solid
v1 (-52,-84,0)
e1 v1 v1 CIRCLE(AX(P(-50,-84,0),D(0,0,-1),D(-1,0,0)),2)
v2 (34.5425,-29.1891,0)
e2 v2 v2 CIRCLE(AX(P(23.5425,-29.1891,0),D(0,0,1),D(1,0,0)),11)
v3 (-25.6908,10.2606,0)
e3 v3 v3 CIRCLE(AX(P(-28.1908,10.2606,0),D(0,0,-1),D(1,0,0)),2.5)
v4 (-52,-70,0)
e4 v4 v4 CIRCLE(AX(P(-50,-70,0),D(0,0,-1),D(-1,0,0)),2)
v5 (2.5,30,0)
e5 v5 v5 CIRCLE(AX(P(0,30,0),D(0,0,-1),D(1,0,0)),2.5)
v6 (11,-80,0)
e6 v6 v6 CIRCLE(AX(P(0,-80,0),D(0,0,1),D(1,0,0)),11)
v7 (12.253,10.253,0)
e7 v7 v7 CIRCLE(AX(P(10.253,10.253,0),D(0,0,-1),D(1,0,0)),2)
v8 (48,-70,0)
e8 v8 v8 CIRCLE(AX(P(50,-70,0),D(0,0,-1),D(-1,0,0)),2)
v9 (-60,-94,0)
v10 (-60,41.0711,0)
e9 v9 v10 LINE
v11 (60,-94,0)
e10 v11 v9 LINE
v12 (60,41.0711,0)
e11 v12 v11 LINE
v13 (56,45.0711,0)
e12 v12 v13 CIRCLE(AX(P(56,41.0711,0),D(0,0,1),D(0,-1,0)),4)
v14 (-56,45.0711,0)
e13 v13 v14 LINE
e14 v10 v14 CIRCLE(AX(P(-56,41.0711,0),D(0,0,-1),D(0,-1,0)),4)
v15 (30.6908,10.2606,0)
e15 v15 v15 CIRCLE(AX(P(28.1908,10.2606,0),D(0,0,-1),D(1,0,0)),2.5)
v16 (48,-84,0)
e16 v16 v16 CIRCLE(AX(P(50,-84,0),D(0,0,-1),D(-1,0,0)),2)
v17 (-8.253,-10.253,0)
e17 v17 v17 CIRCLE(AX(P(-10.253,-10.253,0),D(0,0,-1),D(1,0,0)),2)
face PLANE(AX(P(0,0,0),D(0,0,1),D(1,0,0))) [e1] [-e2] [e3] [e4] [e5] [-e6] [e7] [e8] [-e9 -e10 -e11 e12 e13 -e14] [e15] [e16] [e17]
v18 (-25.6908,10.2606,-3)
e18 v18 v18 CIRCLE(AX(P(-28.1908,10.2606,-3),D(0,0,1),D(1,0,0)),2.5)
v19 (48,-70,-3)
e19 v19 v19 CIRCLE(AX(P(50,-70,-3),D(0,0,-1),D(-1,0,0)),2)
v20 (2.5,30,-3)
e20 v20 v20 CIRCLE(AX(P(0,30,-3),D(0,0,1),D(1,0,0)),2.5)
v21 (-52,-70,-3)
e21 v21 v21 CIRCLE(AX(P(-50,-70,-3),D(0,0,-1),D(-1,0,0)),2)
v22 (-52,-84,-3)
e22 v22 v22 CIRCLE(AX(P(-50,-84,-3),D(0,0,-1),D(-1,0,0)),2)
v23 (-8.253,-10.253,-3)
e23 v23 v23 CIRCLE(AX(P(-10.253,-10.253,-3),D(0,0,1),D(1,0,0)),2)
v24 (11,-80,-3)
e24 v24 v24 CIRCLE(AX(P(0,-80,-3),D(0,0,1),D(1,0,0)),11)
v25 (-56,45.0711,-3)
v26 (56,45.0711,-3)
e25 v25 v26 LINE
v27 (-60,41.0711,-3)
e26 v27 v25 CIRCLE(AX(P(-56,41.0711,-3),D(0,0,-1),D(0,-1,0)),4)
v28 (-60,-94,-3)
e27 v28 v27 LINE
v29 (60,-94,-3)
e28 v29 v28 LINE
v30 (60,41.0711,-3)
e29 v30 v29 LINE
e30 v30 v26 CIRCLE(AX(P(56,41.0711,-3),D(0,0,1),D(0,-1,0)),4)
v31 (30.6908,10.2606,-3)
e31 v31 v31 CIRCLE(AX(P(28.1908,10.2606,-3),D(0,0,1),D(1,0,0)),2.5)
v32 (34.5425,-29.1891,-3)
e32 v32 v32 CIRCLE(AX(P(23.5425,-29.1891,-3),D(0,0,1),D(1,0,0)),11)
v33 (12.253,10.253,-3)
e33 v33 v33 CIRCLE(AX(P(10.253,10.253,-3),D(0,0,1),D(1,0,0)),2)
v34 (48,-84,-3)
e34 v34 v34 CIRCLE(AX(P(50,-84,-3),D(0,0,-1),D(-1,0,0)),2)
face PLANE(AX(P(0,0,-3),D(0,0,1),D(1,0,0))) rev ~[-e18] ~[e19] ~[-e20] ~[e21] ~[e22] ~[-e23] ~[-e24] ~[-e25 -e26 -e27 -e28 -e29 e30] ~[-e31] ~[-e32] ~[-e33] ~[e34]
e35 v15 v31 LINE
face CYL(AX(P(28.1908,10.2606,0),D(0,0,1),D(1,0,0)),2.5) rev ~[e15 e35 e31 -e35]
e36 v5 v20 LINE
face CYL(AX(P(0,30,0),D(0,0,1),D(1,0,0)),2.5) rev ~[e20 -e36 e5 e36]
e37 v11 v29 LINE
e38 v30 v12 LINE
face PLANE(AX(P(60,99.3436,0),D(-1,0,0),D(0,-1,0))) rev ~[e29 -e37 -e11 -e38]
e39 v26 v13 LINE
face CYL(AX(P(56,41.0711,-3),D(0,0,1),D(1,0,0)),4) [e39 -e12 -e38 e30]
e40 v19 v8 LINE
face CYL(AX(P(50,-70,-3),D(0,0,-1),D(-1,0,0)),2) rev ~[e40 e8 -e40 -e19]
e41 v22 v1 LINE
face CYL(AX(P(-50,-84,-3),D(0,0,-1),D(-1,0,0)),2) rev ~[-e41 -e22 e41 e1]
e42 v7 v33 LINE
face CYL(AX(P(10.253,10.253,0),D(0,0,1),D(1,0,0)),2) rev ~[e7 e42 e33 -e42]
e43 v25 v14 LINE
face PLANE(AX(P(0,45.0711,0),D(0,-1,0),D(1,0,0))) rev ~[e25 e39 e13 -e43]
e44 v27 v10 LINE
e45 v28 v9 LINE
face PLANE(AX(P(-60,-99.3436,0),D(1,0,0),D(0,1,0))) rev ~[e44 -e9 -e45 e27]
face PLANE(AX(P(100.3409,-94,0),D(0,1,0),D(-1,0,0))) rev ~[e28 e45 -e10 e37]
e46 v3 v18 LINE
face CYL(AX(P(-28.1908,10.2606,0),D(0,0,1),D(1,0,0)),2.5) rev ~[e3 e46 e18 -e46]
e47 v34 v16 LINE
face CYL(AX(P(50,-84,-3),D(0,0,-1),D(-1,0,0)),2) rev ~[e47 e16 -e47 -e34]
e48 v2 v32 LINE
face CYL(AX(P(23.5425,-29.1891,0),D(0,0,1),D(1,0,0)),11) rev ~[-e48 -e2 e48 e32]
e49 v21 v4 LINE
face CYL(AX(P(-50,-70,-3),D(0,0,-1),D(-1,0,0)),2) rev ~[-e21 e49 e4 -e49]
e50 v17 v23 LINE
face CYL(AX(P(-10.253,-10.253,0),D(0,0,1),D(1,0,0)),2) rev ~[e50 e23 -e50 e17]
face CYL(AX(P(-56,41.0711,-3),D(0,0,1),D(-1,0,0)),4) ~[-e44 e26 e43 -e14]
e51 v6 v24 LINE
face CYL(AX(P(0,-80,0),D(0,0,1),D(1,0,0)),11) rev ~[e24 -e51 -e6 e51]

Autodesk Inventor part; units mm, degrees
ref_plane "YZ Plane" through (0, 0, 0) normal (1, 0, 0) x (0, 1, 0)
ref_plane "XZ Plane" through (0, 0, 0) normal (0, 1, 0) x (-1, 0, 0)
ref_plane "XY Plane" through (0, 0, 0) normal (0, 0, 1) x (1, 0, 0)
sketch "スケッチ1" plane through (0, 0, 0) normal (0, 0, 1) x (1, 0, 0)
  circle A0 centre (0, 0) radius 7.5
  circle A1 centre (0, 0) radius 30
  circle A2 centre (0, 0) radius 37.5
  circle A3 centre (23.5425, -29.1891) radius 30
  circle A4 centre (23.5425, -29.1891) radius 4
  circle A5 centre (23.5425, -29.1891) radius 16
  circle A6 centre (23.5425, -29.1891) radius 56
  circle A7 centre (0, -80) radius 40
  circle A8 centre (0, -80) radius 50
  circle A9 centre (0, -80) radius 4
  dimension "d57" = 75
  dimension "d64" = 112
  dimension "d41" = 15
  dimension "d58" = 8
  dimension "d63" = 32
  dimension "d65" = 100
  dimension "d66" = 8
sketch "スケッチ2" plane through (0, 0, 0) normal (0, 0, 1) x (1, 0, 0)
  line L0 (0, 0) -> (24.502, 0) construction
  line L1 (0, 0) -> (12.5, 0) construction
  line L2 (0, 0) -> (10.253, 10.253)
  line L3 (0, 0) -> (14.5, 0) construction
  line L4 (10.253, 10.253) -> (-10.253, -10.253)
  circle A0 centre (10.253, 10.253) radius 2
  circle A1 centre (-10.253, -10.253) radius 2
  circle A2 centre (0, 0) radius 7.5
  line L5 (0, 0) -> (28.1908, 10.2606)
  line L6 (0, 0) -> (30, 0) construction
  line L7 (0, 0) -> (-28.1908, 10.2606)
  line L8 (0, 0) -> (30, 0) construction
  circle A3 centre (-28.1908, 10.2606) radius 2.5
  line L9 (0, 0) -> (0, 30)
  circle A4 centre (0, 30) radius 2.5
  circle A5 centre (28.1908, 10.2606) radius 2.5
  dimension "d9" = 14.5
  dimension "d10" = 45
  dimension "d11" = 29
  dimension "d12" = 4
  dimension "d13" = 4
  dimension "d14" = 15
  dimension "d15" = 30
  dimension "d16" = 20
  dimension "d17" = 30
  dimension "d18" = 160
  dimension "d19" = 5
  dimension "d20" = 30
  dimension "d21" = 5
  dimension "d22" = 5
sketch "スケッチ3" plane through (0, 0, 0) normal (0, 0, 1) x (1, 0, 0)
  line L0 (60, -99.3436) -> (-60, -99.3436)
  line L1 (-60, -99.3436) -> (-60, 99.3436)
  line L2 (-60, 99.3436) -> (60, 99.3436)
  line L3 (60, 99.3436) -> (60, -99.3436)
  line L4 (60, -99.3436) -> (-60, 99.3436) construction
  line L5 (-60, -99.3436) -> (60, 99.3436) construction
  point P0 (0, 0)
  dimension "d25" = 120
extrude "押し出し1" add sketch "スケッチ3" against normal blind 3
sketch "スケッチ4" plane through (0, 0, 0) normal (0, 0, 1) x (1, 0, 0)
  line L0 (0, 45.0711) -> (68.3595, 45.0711)
  line L1 (68.3595, 45.0711) -> (-74.3824, 45.0711)
  line L2 (-74.3824, 45.0711) -> (108.1656, 45.0711)
  line L3 (108.1656, 45.0711) -> (108.1656, 129.4154)
  line L4 (108.1656, 129.4154) -> (-74.3824, 129.4154)
  line L5 (-74.3824, 129.4154) -> (-74.3824, 45.0711)
  point P0 (0, 0)
extrude "押し出し4" cut sketch "スケッチ4" against normal blind 10
fillet "フィレット1" radius 4 4 edges at (-60, 45.0711, -1.5) (60, 45.0711, -1.5) (-60, -99.3436, -1.5) (60, -99.3436, -1.5)
extrude "押し出し9" cut sketch "スケッチ1" against normal blind 10 contours A4 A2 | A2 A4 | A9 A6 | A6 A9
sketch "スケッチ8" plane through (0, 0, 0) normal (0, 0, 1) x (1, 0, 0)
  line L0 (-265.6992, -158.784) -> (100.3409, -158.784)
  line L1 (100.3409, -158.784) -> (100.3409, -94)
  line L2 (100.3409, -94) -> (-265.6992, -94)
  line L3 (-265.6992, -94) -> (-265.6992, -158.784)
  line L4 (-265.6992, -158.784) -> (100.3409, -94) construction
  line L5 (100.3409, -158.784) -> (-265.6992, -94) construction
  point P0 (0, 0)
  point P1 (0, -94)
  point P2 (-82.6791, -126.392)
extrude "押し出し10" cut sketch "スケッチ8" against normal blind 10
extrude "押し出し11" cut sketch "スケッチ2" against normal blind 10 contours A0 | A5 | A1 | A3 | A4
sketch "スケッチ9" plane through (0, 0, -3) normal (0, 0, -1) x (-1, 0, 0)
  line L0 (60, -94) -> (-60, -94) projected
  circle A0 centre (-50, -84) radius 2
  circle A1 centre (-50, -70) radius 2
  circle A2 centre (50, -70) radius 2
  circle A3 centre (50, -84) radius 2
  point P0 (0, 0)
  point P1 (-50, -94)
  point P2 (50, -94)
  dimension "d73" = 4
  dimension "d74" = 4
  dimension "d75" = 4
  dimension "d76" = 4
extrude "押し出し12" cut sketch "スケッチ9" against normal blind 10
sketch "スケッチ10" plane through (0, 0, 0) normal (0, 0, 1) x (1, 0, 0)
  circle A0 centre (23.5425, -29.1891) radius 4 projected
  circle A1 centre (23.5425, -29.1891) radius 11
  circle A2 centre (0, -80) radius 4 projected
  circle A3 centre (0, -80) radius 11
  point P0 (0, 0)
  dimension "d79" = 22
  dimension "d80" = 22
extrude "押し出し13" cut sketch "スケッチ10" against normal blind 10
properties part number "板" material "アルミニウム 6061"
